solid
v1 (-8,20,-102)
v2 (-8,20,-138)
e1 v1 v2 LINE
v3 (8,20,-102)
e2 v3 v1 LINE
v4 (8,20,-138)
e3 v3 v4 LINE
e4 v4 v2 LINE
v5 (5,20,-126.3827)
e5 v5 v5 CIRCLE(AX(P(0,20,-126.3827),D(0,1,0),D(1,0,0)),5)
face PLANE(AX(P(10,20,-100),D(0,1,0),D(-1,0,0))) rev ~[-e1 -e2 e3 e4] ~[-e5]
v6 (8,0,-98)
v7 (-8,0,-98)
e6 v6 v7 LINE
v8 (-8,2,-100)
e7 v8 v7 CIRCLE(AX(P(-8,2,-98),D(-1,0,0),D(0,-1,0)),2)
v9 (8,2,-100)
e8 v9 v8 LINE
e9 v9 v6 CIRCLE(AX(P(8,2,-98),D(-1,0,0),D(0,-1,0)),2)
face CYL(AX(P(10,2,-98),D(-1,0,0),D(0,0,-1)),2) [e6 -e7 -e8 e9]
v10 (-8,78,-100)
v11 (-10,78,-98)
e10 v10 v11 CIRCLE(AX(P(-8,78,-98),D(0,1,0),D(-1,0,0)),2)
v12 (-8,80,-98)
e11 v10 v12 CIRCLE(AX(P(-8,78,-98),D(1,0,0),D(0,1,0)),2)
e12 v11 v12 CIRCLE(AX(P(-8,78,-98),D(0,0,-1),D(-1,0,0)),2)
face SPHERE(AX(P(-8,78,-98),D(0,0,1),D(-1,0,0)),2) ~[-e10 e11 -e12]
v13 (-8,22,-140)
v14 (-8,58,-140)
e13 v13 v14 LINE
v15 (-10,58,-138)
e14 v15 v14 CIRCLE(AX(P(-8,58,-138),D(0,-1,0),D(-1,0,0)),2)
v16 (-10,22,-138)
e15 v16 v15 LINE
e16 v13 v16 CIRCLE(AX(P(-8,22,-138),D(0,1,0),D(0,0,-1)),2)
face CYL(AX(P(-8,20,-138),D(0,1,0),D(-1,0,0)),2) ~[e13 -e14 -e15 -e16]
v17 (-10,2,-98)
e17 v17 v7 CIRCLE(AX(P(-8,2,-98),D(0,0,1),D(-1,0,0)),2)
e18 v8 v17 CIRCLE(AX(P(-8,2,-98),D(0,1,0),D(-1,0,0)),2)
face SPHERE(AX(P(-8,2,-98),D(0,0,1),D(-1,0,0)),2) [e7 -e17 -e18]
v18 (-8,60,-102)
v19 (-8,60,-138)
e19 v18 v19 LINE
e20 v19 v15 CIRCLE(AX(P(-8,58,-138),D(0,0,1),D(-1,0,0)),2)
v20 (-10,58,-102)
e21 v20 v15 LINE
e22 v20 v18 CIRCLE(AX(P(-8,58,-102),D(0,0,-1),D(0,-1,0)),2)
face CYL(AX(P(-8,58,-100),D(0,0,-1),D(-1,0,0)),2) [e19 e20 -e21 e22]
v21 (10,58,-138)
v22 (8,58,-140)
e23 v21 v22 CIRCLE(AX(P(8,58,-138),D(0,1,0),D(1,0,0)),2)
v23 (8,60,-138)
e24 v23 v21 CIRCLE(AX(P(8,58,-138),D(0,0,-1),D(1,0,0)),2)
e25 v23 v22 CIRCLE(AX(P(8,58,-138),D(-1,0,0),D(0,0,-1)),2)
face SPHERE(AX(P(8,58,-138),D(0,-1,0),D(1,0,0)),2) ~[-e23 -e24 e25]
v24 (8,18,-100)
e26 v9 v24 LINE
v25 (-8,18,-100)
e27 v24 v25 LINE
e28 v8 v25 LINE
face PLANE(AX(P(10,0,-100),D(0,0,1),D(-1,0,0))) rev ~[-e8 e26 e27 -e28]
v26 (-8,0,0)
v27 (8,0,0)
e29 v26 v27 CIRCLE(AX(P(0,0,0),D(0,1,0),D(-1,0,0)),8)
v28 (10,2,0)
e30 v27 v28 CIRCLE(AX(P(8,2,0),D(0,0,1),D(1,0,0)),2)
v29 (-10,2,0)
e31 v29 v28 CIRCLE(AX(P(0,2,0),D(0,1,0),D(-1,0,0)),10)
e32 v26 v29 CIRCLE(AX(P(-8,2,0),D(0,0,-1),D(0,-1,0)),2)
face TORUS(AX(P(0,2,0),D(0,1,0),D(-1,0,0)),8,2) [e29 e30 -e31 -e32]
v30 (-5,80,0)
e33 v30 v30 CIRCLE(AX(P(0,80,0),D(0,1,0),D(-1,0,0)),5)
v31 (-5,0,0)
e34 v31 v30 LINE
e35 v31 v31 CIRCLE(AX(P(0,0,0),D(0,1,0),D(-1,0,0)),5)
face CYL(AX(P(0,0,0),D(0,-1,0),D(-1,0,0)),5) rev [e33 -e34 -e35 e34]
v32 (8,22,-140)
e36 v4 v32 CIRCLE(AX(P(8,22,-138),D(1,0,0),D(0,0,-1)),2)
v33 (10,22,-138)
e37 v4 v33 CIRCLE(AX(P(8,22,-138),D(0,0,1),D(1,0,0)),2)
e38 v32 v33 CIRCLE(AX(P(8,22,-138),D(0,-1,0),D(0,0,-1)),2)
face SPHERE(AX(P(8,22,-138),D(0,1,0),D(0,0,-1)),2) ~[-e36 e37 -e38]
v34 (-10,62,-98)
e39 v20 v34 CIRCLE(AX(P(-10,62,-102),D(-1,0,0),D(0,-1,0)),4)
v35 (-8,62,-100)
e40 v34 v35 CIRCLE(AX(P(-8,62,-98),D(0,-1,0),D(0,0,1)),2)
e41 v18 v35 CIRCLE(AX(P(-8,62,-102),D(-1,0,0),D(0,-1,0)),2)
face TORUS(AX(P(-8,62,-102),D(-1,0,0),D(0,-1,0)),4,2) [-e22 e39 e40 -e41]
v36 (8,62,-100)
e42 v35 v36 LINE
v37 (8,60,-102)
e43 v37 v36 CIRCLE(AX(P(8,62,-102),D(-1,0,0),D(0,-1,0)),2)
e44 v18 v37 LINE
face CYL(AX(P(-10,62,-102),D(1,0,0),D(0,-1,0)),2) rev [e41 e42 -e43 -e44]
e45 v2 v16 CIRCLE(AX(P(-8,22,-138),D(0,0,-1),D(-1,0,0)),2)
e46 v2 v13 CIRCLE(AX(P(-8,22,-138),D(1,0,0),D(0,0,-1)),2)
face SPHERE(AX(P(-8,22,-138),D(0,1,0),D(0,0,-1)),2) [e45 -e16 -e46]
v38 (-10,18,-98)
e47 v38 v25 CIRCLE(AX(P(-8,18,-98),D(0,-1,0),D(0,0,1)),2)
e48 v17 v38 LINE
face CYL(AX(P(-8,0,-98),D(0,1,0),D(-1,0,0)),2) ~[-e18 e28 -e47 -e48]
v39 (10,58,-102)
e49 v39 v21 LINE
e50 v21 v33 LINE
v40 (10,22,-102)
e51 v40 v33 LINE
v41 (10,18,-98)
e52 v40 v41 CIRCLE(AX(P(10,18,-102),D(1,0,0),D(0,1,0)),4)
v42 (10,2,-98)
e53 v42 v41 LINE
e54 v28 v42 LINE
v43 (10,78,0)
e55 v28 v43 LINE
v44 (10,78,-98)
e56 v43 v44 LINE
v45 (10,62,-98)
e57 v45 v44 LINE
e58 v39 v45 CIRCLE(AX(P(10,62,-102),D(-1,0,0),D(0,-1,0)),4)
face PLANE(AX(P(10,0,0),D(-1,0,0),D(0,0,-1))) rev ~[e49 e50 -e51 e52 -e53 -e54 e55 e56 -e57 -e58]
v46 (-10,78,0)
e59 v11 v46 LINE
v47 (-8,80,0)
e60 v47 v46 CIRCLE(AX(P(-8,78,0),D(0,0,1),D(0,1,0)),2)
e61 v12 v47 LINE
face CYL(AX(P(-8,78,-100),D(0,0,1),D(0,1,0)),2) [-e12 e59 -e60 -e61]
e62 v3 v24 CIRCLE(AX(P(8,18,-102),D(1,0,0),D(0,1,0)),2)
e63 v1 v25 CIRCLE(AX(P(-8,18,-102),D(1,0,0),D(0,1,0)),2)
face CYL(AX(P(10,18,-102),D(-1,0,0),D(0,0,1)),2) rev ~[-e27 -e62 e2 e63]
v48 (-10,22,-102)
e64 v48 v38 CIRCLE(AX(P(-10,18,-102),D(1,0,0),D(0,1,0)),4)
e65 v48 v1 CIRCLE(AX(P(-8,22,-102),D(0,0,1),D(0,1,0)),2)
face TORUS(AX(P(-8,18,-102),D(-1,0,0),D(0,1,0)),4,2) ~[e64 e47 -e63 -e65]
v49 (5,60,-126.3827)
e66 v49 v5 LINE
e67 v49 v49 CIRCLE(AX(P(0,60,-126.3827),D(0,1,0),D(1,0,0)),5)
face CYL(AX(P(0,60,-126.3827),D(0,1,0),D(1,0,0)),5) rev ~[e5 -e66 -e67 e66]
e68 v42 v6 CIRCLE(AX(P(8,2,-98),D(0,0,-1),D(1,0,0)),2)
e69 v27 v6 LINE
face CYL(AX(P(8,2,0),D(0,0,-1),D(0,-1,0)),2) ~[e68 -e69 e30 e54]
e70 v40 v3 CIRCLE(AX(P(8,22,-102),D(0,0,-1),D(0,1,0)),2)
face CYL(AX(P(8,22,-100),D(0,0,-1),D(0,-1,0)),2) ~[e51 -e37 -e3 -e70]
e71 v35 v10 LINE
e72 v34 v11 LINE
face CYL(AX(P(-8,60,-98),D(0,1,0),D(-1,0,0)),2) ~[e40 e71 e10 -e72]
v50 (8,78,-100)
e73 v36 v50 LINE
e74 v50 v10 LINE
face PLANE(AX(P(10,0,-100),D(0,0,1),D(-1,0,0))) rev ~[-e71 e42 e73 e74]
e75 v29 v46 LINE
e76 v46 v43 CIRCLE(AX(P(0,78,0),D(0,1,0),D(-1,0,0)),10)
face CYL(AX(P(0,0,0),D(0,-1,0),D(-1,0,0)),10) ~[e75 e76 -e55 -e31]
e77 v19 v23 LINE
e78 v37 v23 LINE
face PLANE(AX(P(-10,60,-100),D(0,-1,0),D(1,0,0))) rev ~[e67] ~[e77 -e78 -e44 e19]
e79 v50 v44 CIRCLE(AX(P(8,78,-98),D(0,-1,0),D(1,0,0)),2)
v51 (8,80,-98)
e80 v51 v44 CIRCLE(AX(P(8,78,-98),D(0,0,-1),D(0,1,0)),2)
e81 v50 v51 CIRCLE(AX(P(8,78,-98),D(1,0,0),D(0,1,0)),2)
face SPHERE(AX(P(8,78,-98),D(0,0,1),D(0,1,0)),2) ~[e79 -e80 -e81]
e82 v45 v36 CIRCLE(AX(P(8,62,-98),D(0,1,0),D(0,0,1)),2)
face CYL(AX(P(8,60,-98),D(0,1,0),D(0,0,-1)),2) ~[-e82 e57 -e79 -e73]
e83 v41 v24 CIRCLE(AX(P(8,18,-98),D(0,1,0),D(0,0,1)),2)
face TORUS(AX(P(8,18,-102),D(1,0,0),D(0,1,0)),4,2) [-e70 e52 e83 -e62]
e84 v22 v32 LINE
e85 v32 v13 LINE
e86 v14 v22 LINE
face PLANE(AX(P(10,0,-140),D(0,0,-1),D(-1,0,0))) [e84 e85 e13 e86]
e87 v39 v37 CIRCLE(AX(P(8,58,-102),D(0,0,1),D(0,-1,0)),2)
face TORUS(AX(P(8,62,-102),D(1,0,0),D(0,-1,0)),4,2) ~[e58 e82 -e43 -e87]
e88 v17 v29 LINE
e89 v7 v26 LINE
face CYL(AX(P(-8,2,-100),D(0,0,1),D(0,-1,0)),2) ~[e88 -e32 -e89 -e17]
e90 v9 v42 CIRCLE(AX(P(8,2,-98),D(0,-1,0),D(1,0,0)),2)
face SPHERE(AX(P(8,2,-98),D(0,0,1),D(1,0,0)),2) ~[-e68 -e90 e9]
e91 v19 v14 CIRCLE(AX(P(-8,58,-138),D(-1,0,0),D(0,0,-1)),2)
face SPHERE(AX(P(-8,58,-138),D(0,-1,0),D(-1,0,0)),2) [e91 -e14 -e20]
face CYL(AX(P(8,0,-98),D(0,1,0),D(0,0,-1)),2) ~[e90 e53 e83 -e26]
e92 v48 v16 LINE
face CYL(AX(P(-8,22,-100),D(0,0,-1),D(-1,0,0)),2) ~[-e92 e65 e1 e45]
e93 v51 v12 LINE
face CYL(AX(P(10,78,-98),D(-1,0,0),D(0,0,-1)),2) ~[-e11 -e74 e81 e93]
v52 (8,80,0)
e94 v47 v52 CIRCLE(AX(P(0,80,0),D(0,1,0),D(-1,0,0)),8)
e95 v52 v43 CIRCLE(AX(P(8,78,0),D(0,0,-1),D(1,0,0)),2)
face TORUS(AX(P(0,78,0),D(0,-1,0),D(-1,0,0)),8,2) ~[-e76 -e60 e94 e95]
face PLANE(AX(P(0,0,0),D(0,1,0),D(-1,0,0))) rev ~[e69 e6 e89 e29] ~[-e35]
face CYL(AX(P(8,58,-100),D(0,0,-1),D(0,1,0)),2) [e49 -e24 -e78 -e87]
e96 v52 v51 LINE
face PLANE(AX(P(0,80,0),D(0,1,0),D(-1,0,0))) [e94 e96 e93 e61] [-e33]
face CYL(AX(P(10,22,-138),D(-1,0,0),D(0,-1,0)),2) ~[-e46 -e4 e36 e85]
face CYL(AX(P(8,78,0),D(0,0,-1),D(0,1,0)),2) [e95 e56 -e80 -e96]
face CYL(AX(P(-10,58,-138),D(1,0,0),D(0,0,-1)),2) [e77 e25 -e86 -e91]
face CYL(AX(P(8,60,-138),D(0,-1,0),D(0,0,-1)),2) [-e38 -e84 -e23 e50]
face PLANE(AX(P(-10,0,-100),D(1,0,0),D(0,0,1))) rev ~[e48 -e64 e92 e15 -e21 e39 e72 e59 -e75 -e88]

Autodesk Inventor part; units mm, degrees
ref_plane "YZ Plane" through (0, 0, 0) normal (1, 0, 0) x (0, 1, 0)
ref_plane "XZ Plane" through (0, 0, 0) normal (0, 1, 0) x (-1, 0, 0)
ref_plane "XY Plane" through (0, 0, 0) normal (0, 0, 1) x (1, 0, 0)
sketch "Sketch1" plane through (0, 0, 0) normal (0, 1, 0) x (-1, 0, 0)
  arc A0 (10, 0) -> (-10, 0) centre (0, 0) ccw
  circle A1 centre (0, 0) radius 5
  line L0 (-10, 0) -> (-10, -100)
  line L1 (-10, -100) -> (10, -100)
  line L2 (10, -100) -> (10, 0)
  dimension "d1" = 10
  dimension "d2" = 100
  dimension "d12" = 20
extrude "Extrusion1" add sketch "Sketch1" along normal blind 80
sketch "Sketch2" plane through (10, 0, -100) normal (0, 0, -1) x (-1, 0, 0)
  line L0 (20, 0) -> (20, 80) projected
  line L1 (0, 20) -> (20, 20)
  line L2 (20, 20) -> (20, 60)
  line L3 (20, 60) -> (0, 60)
  line L4 (0, 60) -> (0, 20)
  line L5 (0, 20) -> (20, 60) construction
  line L6 (20, 20) -> (0, 60) construction
  point P0 (10, 0)
  point P1 (10, 40)
  dimension "d5" = 40
extrude "Extrusion2" add sketch "Sketch2" along normal blind 40
sketch "Sketch3" plane through (-10, 60, -100) normal (0, 1, 0) x (1, 0, 0)
  circle A0 centre (10, 26.3827) radius 5
  point P0 (10, -100)
  dimension "d8" = 10
extrude "Extrusion3" cut sketch "Sketch3" against normal blind 40
fillet "Fillet1" radius 2 22 edges at (0, 80, 10) (10, 80, -50) (-10, 80, -50) (10, 0, -50) (-10, 0, -50) (0, 0, 10) (-10, 70, -100) (0, 80, -100) (10, 70, -100) (-10, 10, -100) (10, 10, -100) (0, 0, -100) (0, 60, -100) (0, 20, -100) (10, 40, -140) (-10, 40, -140) (0, 20, -140) (10, 20, -120) (-10, 20, -120) (10, 60, -120) (-10, 60, -120) (0, 60, -140)
properties part number "Link1"
